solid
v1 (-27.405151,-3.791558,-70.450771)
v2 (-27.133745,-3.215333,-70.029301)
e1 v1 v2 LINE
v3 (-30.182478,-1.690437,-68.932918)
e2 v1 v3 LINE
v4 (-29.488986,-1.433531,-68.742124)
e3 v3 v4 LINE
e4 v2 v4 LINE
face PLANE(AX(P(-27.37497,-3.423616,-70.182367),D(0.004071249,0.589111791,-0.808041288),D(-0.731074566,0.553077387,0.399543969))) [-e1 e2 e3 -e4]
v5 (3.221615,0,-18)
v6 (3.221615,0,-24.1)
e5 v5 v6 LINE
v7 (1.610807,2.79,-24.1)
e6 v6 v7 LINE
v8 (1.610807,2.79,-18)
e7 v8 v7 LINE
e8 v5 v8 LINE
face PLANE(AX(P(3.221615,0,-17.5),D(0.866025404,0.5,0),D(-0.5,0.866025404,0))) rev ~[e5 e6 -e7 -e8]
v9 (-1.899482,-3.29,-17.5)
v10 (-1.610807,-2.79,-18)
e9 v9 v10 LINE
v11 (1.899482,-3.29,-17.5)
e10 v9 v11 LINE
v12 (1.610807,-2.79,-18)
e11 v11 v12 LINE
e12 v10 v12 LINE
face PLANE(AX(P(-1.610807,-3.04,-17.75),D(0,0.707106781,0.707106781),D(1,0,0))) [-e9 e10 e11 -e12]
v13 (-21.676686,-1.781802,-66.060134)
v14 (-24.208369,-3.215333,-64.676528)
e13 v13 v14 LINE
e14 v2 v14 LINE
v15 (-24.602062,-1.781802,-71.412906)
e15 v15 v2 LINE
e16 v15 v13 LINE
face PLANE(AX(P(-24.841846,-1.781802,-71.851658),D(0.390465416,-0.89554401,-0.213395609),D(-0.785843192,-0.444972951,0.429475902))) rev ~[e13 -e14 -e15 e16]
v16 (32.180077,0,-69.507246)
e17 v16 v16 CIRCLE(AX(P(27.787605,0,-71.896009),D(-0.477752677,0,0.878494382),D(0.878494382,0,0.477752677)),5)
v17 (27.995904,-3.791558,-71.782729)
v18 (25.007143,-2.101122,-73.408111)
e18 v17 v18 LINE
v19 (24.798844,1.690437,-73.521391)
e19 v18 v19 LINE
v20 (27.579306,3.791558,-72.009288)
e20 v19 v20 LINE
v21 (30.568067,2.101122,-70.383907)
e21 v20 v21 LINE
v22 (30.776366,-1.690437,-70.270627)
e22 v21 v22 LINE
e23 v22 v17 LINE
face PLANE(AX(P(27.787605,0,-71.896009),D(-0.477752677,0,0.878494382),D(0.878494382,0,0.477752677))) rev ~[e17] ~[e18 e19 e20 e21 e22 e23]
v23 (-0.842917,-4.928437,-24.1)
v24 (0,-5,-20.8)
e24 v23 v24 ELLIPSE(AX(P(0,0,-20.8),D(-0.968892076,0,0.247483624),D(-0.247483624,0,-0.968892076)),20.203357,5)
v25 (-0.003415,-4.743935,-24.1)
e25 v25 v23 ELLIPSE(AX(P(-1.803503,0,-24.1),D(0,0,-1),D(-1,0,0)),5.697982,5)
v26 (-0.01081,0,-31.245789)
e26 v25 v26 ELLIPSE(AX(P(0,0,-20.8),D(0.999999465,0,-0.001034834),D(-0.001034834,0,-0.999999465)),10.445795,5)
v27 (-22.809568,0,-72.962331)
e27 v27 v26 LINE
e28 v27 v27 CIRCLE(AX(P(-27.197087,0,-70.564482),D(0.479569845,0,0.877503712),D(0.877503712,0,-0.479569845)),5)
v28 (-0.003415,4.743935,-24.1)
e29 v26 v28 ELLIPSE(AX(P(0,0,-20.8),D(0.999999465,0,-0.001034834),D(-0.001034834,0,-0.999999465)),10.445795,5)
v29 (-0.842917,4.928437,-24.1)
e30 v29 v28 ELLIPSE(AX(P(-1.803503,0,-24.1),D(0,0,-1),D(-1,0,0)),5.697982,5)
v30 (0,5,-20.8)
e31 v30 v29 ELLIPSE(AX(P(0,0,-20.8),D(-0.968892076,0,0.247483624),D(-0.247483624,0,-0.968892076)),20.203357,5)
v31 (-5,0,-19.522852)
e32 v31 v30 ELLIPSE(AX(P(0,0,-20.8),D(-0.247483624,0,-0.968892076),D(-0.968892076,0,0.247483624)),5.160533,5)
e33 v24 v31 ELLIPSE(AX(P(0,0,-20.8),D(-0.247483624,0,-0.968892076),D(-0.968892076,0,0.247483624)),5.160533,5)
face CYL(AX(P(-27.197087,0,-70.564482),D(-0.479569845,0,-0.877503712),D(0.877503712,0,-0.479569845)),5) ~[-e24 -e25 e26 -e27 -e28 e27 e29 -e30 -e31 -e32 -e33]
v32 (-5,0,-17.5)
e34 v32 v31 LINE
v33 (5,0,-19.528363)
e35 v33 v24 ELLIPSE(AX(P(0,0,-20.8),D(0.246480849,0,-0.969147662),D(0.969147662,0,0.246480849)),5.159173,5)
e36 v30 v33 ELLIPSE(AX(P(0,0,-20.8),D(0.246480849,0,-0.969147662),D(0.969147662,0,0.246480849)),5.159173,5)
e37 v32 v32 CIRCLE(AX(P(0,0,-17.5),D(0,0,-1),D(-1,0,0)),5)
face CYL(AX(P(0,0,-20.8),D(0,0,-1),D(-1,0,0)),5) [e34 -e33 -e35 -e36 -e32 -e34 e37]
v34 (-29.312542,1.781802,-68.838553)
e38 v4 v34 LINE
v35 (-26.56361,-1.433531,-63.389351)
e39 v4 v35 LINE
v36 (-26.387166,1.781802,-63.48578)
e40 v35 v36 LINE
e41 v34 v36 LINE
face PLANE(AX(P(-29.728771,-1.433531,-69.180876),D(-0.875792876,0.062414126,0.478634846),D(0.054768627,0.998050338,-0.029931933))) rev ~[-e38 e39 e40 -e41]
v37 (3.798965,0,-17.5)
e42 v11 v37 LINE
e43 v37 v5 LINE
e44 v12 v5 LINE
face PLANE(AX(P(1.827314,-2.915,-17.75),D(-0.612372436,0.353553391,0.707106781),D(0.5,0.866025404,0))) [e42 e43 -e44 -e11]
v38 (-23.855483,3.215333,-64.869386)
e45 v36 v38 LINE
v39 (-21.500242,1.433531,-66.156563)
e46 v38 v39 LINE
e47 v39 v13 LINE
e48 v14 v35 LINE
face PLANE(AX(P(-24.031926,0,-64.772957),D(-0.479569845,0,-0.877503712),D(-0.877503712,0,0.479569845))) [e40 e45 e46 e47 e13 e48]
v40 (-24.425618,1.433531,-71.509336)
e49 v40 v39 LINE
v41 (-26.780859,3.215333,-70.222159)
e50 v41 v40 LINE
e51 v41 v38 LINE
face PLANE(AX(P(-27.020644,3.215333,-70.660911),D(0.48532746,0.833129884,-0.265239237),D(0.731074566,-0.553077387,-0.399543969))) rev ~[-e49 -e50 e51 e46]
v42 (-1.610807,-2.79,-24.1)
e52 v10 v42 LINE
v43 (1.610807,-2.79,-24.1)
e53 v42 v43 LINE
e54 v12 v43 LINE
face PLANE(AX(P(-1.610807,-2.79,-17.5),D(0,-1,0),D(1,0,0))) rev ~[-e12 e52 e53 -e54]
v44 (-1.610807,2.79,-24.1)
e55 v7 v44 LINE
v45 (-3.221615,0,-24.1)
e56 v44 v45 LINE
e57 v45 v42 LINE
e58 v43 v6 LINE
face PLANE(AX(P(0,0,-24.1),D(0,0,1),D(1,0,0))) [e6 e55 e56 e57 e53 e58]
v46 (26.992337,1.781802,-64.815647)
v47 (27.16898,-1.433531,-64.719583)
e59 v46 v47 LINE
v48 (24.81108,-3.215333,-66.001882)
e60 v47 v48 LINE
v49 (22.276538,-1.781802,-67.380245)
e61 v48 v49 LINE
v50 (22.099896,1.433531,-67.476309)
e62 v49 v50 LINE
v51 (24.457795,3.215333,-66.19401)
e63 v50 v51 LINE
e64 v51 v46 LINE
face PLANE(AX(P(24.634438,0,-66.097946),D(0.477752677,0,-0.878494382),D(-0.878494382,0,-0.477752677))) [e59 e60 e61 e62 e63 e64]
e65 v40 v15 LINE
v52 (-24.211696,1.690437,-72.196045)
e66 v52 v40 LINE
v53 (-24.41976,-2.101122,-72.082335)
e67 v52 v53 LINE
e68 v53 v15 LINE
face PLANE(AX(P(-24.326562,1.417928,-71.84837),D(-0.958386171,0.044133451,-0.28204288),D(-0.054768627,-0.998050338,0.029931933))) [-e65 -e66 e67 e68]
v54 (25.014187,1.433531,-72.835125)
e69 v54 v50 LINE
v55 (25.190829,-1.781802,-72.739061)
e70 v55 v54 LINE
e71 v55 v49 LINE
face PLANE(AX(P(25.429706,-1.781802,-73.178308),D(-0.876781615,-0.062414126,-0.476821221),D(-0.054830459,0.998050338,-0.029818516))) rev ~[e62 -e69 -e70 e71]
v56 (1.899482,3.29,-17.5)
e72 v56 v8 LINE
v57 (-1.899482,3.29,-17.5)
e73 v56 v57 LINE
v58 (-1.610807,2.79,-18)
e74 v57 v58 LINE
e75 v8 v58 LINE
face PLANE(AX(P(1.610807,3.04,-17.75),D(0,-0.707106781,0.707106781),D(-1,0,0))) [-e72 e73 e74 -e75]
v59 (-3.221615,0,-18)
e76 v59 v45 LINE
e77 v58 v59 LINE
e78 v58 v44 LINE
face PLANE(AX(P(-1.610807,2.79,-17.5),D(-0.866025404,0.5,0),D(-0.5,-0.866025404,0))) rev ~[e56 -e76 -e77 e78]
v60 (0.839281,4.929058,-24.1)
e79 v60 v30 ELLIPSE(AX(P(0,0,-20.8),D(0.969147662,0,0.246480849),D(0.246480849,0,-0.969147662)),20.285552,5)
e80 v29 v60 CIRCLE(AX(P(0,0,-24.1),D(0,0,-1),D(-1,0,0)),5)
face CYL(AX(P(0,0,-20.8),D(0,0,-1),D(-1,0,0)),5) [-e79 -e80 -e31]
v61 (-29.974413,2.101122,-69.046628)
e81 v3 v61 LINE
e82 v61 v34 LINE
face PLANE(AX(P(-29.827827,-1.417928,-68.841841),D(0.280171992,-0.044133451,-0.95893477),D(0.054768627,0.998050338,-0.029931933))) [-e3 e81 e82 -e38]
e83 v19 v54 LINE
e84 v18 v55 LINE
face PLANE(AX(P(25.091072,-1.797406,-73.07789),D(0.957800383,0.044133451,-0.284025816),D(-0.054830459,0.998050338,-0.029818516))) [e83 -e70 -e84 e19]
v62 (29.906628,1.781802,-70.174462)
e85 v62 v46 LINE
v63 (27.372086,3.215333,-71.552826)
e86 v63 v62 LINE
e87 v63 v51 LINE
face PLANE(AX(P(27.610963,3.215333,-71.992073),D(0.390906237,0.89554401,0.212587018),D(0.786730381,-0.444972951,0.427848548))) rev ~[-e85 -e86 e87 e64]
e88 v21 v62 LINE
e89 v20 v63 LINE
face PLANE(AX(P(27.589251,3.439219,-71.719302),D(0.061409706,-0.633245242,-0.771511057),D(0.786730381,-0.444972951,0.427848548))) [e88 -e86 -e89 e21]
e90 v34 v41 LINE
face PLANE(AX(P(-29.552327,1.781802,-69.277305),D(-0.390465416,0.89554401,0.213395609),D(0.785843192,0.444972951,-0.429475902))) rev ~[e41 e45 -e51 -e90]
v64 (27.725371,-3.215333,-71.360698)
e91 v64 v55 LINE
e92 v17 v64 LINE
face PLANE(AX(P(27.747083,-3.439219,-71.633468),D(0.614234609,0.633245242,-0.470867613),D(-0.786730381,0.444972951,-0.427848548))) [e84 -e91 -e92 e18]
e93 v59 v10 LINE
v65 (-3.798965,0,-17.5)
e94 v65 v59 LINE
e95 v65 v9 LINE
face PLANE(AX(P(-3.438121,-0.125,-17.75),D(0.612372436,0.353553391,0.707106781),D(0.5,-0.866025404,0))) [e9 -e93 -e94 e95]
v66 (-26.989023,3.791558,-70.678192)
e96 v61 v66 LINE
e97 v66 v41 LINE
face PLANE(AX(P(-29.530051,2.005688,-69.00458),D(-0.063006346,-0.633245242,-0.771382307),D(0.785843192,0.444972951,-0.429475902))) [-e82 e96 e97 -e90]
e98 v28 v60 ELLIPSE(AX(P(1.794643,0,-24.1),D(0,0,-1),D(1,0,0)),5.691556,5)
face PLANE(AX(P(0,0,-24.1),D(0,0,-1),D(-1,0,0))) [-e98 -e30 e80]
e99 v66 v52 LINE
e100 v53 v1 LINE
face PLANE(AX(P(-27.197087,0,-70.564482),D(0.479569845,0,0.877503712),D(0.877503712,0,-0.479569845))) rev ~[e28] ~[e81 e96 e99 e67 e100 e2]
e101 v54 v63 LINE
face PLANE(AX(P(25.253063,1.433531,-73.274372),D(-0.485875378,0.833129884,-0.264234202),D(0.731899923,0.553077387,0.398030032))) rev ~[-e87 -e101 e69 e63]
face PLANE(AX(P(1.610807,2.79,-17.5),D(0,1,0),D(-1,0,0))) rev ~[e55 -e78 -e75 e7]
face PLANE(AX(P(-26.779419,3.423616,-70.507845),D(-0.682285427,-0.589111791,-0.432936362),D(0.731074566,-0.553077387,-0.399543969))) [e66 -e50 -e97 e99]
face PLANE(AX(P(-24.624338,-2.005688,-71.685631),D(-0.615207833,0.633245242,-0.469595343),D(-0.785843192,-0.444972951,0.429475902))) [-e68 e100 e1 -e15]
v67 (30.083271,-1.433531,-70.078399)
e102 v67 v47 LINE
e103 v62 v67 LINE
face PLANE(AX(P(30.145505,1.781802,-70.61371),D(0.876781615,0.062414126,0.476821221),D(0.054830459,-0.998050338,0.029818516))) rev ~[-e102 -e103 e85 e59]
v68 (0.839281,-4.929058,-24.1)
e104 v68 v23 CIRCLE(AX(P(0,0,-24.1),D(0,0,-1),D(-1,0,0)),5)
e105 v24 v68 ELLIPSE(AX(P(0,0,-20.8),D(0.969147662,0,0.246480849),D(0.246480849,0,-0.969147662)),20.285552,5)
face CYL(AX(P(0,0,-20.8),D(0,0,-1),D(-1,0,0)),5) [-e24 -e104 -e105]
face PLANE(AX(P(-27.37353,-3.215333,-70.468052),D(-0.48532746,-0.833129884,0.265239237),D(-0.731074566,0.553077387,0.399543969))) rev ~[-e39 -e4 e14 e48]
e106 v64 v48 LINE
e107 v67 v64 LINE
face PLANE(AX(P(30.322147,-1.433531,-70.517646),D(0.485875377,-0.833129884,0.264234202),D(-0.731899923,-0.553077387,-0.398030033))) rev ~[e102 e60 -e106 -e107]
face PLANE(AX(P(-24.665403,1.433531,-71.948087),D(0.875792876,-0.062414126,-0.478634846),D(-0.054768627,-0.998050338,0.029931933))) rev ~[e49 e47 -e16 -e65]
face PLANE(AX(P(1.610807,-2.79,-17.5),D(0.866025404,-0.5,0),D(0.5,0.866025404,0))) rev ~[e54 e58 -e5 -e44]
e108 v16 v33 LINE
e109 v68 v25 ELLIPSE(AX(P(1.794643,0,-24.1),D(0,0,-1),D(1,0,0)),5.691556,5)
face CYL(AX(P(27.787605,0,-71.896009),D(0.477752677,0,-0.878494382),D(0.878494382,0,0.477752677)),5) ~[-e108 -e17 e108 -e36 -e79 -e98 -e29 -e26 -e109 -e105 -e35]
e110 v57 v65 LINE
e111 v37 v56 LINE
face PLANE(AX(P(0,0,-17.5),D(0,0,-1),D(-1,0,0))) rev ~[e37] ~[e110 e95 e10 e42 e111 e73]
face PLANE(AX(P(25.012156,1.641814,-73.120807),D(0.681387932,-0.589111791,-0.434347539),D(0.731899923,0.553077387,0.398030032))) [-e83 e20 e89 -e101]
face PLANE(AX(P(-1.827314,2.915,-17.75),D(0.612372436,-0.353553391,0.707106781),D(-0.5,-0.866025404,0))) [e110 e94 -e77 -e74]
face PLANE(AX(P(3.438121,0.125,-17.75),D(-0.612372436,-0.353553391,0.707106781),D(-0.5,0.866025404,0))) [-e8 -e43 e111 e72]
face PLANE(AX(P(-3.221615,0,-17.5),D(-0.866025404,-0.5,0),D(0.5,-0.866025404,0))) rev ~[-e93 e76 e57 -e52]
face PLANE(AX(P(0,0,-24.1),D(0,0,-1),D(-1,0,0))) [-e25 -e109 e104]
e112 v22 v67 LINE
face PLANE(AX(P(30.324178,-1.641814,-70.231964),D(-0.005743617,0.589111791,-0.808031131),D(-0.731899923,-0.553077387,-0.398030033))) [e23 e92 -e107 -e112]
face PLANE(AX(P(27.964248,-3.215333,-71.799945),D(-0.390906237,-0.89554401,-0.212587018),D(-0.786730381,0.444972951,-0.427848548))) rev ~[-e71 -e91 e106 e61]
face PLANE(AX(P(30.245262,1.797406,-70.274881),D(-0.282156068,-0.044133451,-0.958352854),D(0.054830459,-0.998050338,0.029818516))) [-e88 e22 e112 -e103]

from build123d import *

# Parameters (mm, degrees)
SKETCH1_W           = 5
SKETCH1_H           = 6.6
BOSS_EXTRUDE1_REACH = 64.005
SKETCH21_R          = 5
BOSS_EXTRUDE2_REACH = 78.152
SKETCH22_R          = 5
CUT_EXTRUDE3_DEPTH  = 6.6
CUT_EXTRUDE4_DEPTH  = 6.6
CUT_EXTRUDE5_DEPTH  = 6.6
CHAMFER2_SIZE       = 0.5


with BuildPart() as part:
    # Sketch1 → Revolve-Thin1 (revolve)
    with BuildSketch(Plane(origin=(0, 0, 0), x_dir=(1, 0, 0), z_dir=(0, 1, 0))):
        with Locations((-2.5, 20.8)):
            Rectangle(SKETCH1_W, SKETCH1_H)
    revolve(axis=Axis((0, 0, -17.5), (0, 0, -1)))

    # Sketch21 → Boss-Extrude1 (add, up to next)
    with BuildSketch(Plane(origin=(-35.950232756, 0, -65.780747057), x_dir=(0.877503712, 0, -0.479569845), z_dir=(0.479569845, 0, 0.877503712)), mode=Mode.PRIVATE) as boss_extrude1_sk1:
        with Locations((9.975052777, 0)):
            Circle(SKETCH21_R)
    boss_extrude1_tool1 = extrude(boss_extrude1_sk1.sketch, amount=BOSS_EXTRUDE1_REACH, mode=Mode.PRIVATE) - part.part
    add(boss_extrude1_tool1.solids().sort_by_distance((-27.197087, 0, -70.564482))[0])

    # Sketch22 → Boss-Extrude2 (add, up to next)
    with BuildSketch(Plane(origin=(36.517428466, 0, -67.14845845), x_dir=(0.878494382, 0, 0.477752677), z_dir=(-0.477752677, 0, 0.878494382)), mode=Mode.PRIVATE) as boss_extrude2_sk1:
        with Locations((-9.937255677, 0)):
            Circle(SKETCH22_R)
    boss_extrude2_tool1 = extrude(boss_extrude2_sk1.sketch, amount=BOSS_EXTRUDE2_REACH, mode=Mode.PRIVATE) - part.part
    add(boss_extrude2_tool1.solids().sort_by_distance((27.787605, 0, -71.896009))[0])

    # Sketch29 → Cut-Extrude3 (cut)
    with BuildSketch(Plane(origin=(-35.950232756, 0, -65.780747057), x_dir=(-0.877503712, 0, 0.479569845), z_dir=(-0.479569845, 0, -0.877503712))):
        Polygon((-7.29102946, 1.781802131), (-10.176127029, 3.215333442), (-12.860150346, 1.433531311), (-12.659076094, -1.781802131), (-9.773978525, -3.215333442), (-7.089955208, -1.433531311), align=None)
    extrude(amount=-CUT_EXTRUDE3_DEPTH, mode=Mode.SUBTRACT)

    # Sketch30 → Cut-Extrude4 (cut)
    with BuildSketch(Plane(origin=(36.517428466, 0, -67.14845845), x_dir=(-0.878494382, 0, -0.477752677), z_dir=(0.477752677, 0, -0.878494382))):
        Polygon((9.736181425, -3.215333442), (12.621278993, -1.781802131), (12.822353245, 1.433531311), (10.138329929, 3.215333442), (7.25323236, 1.781802131), (7.052158108, -1.433531311), align=None)
    extrude(amount=-CUT_EXTRUDE4_DEPTH, mode=Mode.SUBTRACT)

    # Sketch18 → Cut-Extrude5 (cut)
    with BuildSketch(Plane.XY.offset(-17.5)):
        Polygon((1.610807251, 2.79), (-1.610807251, 2.79), (-3.221614502, 0), (-1.610807251, -2.79), (1.610807251, -2.79), (3.221614502, 0), align=None)
    extrude(amount=-CUT_EXTRUDE5_DEPTH, mode=Mode.SUBTRACT)

    # Chamfer2
    chamfer2_edges = [part.edges().sort_by_distance(p)[0] for p in [
        (-29.640549045, 0.17413541, -69.229090352),
        (-28.286485432, 2.498567787, -69.969107823),
        (-25.843023308, 2.324432377, -71.304499043),
        (-24.753624798, -0.17413541, -71.899872792),
        (-26.107688412, -2.498567787, -71.159855321),
        (-28.551150535, -2.324432377, -69.824464101),
        (26.696976775, -2.498567787, -72.489126731),
        (25.341384472, -0.17413541, -73.226340155),
        (26.432012874, 2.324432377, -72.633222374),
        (28.87823358, 2.498567787, -71.302891169),
        (30.233825884, 0.17413541, -70.565677745),
        (29.143197481, -2.324432377, -71.158795526),
        (2.416210877, 1.395, -17.5),
        (0, 2.79, -17.5),
        (-2.416210877, 1.395, -17.5),
        (-2.416210877, -1.395, -17.5),
        (0, -2.79, -17.5),
        (2.416210877, -1.395, -17.5),
    ]]
    chamfer(chamfer2_edges, length=CHAMFER2_SIZE)


solid = part.part
